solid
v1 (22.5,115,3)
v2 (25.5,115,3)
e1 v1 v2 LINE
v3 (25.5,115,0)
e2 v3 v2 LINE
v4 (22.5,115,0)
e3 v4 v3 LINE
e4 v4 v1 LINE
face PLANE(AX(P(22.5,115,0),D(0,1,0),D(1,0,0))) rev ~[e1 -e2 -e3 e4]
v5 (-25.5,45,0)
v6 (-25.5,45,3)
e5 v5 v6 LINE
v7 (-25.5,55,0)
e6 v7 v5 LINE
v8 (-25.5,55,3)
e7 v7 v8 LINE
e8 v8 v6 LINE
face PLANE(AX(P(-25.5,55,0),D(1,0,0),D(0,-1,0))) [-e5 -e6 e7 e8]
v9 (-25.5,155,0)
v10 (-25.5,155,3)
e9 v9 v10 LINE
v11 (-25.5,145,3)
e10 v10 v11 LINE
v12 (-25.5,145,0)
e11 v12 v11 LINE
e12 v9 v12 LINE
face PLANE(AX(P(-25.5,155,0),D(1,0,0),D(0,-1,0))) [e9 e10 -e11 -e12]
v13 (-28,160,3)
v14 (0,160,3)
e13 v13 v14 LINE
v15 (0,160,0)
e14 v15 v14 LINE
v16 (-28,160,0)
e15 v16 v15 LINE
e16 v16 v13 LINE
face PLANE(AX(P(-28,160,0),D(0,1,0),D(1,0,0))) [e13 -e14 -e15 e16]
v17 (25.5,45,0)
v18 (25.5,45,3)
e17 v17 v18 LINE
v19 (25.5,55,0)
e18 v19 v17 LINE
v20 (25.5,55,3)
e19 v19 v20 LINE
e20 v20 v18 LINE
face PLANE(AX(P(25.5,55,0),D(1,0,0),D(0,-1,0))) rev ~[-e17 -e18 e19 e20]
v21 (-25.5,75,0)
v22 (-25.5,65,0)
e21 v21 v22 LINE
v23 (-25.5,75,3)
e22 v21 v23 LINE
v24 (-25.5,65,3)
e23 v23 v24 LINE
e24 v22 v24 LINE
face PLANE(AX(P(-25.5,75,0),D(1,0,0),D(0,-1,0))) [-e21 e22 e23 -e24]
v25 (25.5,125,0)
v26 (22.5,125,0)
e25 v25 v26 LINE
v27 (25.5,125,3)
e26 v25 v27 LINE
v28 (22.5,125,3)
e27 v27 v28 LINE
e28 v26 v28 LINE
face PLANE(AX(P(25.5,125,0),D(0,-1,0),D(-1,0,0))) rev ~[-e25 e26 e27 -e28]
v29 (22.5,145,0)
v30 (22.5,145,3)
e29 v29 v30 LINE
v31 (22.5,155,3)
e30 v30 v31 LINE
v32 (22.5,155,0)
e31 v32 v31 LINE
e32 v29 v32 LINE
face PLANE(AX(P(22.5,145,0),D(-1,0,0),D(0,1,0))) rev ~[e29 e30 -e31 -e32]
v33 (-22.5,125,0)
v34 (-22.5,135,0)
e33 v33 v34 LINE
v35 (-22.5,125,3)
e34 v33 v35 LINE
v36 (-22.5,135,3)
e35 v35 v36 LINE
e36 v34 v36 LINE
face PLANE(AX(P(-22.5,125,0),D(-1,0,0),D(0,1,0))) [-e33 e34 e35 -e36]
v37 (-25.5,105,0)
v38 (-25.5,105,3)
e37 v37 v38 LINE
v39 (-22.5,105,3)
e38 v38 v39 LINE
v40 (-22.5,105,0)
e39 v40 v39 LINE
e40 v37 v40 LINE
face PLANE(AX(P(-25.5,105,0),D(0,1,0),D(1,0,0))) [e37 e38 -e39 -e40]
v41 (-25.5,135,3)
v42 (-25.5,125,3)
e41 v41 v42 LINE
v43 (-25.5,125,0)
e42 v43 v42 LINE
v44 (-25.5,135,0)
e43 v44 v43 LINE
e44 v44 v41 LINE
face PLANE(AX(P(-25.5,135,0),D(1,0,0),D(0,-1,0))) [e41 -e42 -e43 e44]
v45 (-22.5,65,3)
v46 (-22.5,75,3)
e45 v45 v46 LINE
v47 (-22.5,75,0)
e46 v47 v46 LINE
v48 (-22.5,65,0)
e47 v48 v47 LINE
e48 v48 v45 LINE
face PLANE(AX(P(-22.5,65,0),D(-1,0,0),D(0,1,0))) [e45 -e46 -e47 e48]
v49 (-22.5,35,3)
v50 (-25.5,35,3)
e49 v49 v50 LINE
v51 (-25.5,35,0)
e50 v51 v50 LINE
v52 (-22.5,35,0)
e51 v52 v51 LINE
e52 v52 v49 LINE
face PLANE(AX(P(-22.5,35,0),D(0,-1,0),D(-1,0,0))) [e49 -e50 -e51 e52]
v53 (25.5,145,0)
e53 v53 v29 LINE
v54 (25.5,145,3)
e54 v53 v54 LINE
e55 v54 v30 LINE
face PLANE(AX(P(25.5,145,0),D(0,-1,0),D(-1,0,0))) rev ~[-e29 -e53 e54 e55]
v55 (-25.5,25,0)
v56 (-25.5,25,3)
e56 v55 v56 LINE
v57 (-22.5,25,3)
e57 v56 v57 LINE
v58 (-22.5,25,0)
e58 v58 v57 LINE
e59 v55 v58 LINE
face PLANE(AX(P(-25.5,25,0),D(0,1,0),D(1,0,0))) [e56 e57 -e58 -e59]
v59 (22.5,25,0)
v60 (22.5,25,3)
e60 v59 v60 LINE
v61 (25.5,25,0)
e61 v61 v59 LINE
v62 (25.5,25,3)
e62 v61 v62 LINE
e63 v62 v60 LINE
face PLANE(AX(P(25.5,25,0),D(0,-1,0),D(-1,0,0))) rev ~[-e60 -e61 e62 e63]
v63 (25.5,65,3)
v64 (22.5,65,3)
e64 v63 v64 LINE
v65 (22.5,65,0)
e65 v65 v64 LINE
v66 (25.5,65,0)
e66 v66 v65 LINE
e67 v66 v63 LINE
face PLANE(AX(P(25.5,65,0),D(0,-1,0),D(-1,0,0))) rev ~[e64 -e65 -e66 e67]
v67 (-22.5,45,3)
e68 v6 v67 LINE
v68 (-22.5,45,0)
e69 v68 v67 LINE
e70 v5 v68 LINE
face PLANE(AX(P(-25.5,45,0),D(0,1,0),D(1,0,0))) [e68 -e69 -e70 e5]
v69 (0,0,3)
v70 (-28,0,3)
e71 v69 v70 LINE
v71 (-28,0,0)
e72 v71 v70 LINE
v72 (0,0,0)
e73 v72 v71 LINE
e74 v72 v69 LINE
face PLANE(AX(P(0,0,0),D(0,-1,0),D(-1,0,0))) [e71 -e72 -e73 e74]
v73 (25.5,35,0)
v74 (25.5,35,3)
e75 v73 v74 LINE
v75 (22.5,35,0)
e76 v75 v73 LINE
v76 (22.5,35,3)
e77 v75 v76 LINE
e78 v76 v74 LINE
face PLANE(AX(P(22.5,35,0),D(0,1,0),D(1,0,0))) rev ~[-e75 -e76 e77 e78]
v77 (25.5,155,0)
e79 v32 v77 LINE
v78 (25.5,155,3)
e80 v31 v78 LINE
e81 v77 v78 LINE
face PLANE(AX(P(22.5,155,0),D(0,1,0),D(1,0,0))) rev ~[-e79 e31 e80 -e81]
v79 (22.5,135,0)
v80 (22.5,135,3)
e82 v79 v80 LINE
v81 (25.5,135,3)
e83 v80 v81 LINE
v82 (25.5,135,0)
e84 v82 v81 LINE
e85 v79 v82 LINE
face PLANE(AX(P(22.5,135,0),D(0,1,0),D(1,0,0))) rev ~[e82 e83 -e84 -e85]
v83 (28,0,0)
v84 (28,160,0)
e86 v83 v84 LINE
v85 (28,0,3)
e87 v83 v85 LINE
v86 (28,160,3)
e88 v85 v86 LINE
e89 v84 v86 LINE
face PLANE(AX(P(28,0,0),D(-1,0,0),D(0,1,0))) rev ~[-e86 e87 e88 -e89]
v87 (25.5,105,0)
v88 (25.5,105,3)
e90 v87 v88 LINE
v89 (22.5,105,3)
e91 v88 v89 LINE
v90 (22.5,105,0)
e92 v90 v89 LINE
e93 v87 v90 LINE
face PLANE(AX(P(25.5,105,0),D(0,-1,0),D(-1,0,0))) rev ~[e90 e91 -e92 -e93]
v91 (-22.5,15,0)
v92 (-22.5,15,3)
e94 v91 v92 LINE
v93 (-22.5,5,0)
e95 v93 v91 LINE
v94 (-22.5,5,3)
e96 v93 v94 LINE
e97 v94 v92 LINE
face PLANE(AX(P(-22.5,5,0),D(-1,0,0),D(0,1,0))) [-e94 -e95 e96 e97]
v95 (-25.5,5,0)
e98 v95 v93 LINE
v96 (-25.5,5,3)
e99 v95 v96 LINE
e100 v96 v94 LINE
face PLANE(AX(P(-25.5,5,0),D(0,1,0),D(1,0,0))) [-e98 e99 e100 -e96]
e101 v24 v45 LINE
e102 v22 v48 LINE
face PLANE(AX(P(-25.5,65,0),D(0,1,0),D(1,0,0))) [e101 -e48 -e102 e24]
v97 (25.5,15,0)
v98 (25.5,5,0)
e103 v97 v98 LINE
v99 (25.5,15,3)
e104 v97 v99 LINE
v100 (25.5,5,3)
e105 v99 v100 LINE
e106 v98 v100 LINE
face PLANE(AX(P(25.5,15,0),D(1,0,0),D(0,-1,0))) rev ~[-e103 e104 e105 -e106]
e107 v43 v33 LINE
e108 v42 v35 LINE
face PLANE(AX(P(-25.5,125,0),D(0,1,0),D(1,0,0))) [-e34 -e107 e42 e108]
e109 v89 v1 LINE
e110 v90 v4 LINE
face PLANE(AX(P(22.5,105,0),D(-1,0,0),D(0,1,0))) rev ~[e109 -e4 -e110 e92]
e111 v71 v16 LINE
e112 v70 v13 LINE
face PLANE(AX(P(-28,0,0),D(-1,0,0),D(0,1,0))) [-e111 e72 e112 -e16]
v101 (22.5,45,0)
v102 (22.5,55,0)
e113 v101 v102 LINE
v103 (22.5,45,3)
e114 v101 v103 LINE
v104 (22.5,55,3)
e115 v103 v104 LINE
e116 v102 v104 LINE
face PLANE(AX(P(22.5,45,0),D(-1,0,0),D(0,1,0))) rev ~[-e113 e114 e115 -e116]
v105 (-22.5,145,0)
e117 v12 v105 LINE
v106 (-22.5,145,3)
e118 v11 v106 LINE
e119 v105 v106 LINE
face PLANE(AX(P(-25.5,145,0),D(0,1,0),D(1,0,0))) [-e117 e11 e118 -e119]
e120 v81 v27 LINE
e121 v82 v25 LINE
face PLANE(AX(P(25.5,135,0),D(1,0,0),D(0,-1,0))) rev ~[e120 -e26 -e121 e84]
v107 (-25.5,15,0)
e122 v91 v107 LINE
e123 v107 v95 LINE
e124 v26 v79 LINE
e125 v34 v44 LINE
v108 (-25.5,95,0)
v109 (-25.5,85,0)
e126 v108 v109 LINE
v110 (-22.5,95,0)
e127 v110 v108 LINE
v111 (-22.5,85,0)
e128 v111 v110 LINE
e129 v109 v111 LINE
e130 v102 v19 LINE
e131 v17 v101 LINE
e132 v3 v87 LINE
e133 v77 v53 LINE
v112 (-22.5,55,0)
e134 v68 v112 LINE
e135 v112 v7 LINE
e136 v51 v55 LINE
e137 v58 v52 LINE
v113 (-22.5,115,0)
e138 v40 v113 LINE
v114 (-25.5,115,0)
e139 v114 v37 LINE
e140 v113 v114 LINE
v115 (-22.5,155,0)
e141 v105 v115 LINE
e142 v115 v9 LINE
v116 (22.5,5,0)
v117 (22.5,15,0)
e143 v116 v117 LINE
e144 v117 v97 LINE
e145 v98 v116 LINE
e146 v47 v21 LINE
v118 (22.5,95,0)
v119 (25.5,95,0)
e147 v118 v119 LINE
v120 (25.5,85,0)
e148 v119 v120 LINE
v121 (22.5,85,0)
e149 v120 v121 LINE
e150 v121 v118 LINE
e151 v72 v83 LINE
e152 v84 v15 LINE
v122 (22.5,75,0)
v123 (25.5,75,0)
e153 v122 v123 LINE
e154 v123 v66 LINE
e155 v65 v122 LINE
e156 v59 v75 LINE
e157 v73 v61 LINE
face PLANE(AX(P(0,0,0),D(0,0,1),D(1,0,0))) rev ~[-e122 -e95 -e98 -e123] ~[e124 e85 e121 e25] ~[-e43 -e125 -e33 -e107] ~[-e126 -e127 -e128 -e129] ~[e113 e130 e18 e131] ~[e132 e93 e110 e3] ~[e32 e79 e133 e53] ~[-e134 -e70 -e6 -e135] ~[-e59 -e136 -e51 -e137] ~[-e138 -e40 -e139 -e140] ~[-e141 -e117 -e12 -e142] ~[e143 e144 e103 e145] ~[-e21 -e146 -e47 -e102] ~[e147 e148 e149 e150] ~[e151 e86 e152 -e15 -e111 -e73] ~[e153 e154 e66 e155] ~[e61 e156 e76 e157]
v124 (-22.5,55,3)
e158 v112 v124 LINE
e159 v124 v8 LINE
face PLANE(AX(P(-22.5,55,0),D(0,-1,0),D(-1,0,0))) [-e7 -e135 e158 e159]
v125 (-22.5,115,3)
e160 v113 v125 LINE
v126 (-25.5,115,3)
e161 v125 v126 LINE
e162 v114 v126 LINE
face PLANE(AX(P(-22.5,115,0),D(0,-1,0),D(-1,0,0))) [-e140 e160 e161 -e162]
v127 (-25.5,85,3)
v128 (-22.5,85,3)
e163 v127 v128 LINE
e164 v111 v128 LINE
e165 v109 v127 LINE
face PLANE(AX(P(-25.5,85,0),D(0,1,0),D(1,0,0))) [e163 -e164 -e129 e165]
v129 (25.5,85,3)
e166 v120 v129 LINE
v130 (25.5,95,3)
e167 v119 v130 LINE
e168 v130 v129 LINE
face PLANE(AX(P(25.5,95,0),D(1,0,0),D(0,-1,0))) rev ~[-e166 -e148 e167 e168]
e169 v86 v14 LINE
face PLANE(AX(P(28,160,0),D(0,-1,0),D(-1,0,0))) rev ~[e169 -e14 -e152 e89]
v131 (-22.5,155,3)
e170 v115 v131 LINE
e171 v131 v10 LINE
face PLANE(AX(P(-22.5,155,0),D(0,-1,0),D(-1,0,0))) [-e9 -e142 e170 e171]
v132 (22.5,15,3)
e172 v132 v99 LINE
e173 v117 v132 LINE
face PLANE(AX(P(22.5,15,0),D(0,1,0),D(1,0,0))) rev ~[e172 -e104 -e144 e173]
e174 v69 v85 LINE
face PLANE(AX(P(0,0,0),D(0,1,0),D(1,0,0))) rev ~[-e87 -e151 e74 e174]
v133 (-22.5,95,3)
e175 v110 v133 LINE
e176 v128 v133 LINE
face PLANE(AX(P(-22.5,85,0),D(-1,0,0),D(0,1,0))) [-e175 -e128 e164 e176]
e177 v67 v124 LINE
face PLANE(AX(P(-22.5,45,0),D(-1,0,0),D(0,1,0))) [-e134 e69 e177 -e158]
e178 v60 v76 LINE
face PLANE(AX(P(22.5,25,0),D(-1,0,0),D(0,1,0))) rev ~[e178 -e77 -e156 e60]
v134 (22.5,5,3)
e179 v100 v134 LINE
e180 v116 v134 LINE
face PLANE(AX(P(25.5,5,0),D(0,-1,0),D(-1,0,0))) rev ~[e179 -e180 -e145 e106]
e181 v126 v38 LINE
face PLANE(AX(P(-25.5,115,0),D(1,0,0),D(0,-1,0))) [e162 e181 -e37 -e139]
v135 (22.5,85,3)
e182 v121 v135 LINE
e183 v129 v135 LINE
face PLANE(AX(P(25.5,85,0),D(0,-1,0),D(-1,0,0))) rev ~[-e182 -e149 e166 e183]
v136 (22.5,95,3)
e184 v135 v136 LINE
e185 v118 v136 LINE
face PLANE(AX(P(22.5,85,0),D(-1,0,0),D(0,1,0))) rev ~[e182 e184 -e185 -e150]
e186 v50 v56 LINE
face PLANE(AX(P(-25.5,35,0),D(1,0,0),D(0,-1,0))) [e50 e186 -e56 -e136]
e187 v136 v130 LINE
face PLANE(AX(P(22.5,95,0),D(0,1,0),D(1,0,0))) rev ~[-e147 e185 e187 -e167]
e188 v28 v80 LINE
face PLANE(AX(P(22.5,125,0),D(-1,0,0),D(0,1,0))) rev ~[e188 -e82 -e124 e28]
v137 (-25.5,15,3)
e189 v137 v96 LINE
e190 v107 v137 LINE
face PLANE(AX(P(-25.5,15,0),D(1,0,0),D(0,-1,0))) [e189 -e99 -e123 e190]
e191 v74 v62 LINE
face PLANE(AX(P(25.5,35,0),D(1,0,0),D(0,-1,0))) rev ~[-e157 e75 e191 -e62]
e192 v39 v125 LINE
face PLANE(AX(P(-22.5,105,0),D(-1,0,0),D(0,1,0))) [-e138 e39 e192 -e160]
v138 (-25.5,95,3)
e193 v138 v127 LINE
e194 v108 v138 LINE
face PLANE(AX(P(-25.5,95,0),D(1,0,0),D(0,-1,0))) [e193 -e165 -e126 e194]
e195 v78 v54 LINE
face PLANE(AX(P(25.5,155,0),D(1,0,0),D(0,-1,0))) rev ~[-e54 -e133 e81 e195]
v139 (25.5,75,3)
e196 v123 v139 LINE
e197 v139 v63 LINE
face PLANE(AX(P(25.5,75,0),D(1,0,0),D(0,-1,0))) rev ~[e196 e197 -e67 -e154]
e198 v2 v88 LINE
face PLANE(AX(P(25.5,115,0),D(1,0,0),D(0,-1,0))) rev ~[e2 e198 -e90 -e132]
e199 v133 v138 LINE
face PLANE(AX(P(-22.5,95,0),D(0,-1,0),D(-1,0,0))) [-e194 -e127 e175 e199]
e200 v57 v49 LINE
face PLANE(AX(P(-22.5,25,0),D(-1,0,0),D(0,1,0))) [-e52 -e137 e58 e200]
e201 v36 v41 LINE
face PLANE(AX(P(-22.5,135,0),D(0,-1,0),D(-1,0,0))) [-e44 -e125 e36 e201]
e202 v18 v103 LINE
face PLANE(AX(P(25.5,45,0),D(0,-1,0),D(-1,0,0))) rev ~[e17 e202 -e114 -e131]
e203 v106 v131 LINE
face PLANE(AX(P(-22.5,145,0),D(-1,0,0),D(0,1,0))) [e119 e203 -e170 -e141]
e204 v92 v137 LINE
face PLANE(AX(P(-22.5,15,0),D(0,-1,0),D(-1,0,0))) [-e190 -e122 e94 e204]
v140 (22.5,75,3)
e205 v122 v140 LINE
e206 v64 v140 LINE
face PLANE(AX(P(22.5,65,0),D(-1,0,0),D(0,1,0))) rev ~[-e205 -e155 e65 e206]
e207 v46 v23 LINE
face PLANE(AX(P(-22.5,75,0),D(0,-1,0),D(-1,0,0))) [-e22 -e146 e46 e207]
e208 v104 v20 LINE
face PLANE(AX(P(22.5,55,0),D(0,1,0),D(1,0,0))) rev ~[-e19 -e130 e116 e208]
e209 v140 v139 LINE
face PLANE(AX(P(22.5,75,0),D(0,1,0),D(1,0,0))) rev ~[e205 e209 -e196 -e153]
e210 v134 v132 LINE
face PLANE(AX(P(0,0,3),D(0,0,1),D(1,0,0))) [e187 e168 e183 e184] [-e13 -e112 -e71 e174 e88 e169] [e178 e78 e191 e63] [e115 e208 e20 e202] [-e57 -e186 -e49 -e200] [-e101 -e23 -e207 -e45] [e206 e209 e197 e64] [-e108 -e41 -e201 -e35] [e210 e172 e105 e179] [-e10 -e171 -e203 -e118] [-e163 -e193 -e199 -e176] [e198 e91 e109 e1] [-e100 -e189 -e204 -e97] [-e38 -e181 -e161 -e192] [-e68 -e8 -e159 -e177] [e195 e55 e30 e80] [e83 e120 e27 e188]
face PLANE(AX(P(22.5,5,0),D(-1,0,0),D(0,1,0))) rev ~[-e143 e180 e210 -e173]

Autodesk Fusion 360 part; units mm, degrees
sketch "Sketch1" plane through (0, 0, 0) normal (0, 0, 1) x (1, 0, 0)
  line L0 (0, 0) -> (28, 0)
  line L1 (28, 0) -> (28, 160)
  line L2 (28, 160) -> (0, 160)
  line L3 (0, 160) -> (0, 0) construction
  line L4 (20, 0) -> (20, 160) construction
  line L5 (22.5, 155) -> (25.5, 155)
  line L6 (25.5, 155) -> (25.5, 145)
  line L7 (25.5, 145) -> (22.5, 145)
  line L8 (22.5, 145) -> (22.5, 155)
  line L9 (25.5, 155) -> (25.5, 160) construction
  line L10 (25.5, 155) -> (28, 155) construction
  line L11 (22.5, 135) -> (25.5, 135)
  line L12 (25.5, 135) -> (25.5, 125)
  line L13 (25.5, 125) -> (22.5, 125)
  line L14 (22.5, 125) -> (22.5, 135)
  line L15 (24, 145) -> (24, 135) construction
  line L16 (22.5, 105) -> (22.5, 115)
  line L17 (25.5, 105) -> (22.5, 105)
  line L18 (25.5, 115) -> (25.5, 105)
  line L19 (22.5, 115) -> (25.5, 115)
  line L20 (24, 115) -> (24, 125) construction
  line L21 (25.5, 95) -> (25.5, 85)
  line L22 (25.5, 85) -> (22.5, 85)
  line L23 (22.5, 85) -> (22.5, 95)
  line L24 (22.5, 95) -> (25.5, 95)
  line L25 (24, 95) -> (24, 105) construction
  line L26 (25.5, 95) -> (28, 95) construction
  line L27 (22.5, 75) -> (25.5, 75)
  line L28 (25.5, 75) -> (25.5, 65)
  line L29 (25.5, 65) -> (22.5, 65)
  line L30 (22.5, 65) -> (22.5, 75)
  line L31 (22.5, 55) -> (25.5, 55)
  line L32 (25.5, 55) -> (25.5, 45)
  line L33 (25.5, 45) -> (22.5, 45)
  line L34 (22.5, 45) -> (22.5, 55)
  line L35 (24, 85) -> (24, 75) construction
  line L36 (25.5, 75) -> (28, 75) construction
  line L37 (25.5, 55) -> (28, 55) construction
  line L38 (24, 55) -> (24, 65) construction
  line L39 (25.5, 135) -> (28, 135) construction
  line L40 (25.5, 115) -> (28, 115) construction
  line L41 (22.5, 35) -> (25.5, 35)
  line L42 (25.5, 35) -> (25.5, 25)
  line L43 (25.5, 25) -> (22.5, 25)
  line L44 (22.5, 25) -> (22.5, 35)
  line L45 (25.5, 35) -> (28, 35) construction
  line L46 (24, 45) -> (24, 35) construction
  line L47 (22.5, 15) -> (25.5, 15)
  line L48 (25.5, 15) -> (25.5, 5)
  line L49 (25.5, 5) -> (22.5, 5)
  line L50 (22.5, 5) -> (22.5, 15)
  line L51 (24, 15) -> (24, 25) construction
  line L52 (25.5, 15) -> (28, 15) construction
  line L53 (-25.5, 75) -> (-28, 75) construction
  line L54 (-25.5, 75) -> (-25.5, 65)
  line L55 (-20, 0) -> (-20, 160) construction
  line L56 (-24, 85) -> (-24, 75) construction
  line L57 (-25.5, 115) -> (-28, 115) construction
  line L58 (-22.5, 45) -> (-22.5, 55)
  line L59 (-25.5, 145) -> (-22.5, 145)
  line L60 (-25.5, 135) -> (-28, 135) construction
  line L61 (-22.5, 115) -> (-25.5, 115)
  line L62 (-25.5, 105) -> (-22.5, 105)
  line L63 (-22.5, 65) -> (-22.5, 75)
  line L64 (0, 160) -> (0, 0) construction
  line L65 (-24, 45) -> (-24, 35) construction
  line L66 (-25.5, 135) -> (-25.5, 125)
  line L67 (-28, 160) -> (0, 160)
  line L68 (-25.5, 155) -> (-28, 155) construction
  line L69 (-25.5, 125) -> (-22.5, 125)
  line L70 (-25.5, 55) -> (-28, 55) construction
  line L71 (-24, 15) -> (-24, 25) construction
  line L72 (-22.5, 135) -> (-25.5, 135)
  line L73 (-25.5, 15) -> (-28, 15) construction
  line L74 (-22.5, 75) -> (-25.5, 75)
  line L75 (-25.5, 115) -> (-25.5, 105)
  line L76 (-25.5, 155) -> (-25.5, 145)
  line L77 (-22.5, 105) -> (-22.5, 115)
  line L78 (-24, 115) -> (-24, 125) construction
  line L79 (-25.5, 95) -> (-25.5, 85)
  line L80 (-25.5, 55) -> (-25.5, 45)
  line L81 (-28, 0) -> (-28, 160)
  line L82 (-22.5, 155) -> (-25.5, 155)
  line L83 (-22.5, 85) -> (-22.5, 95)
  line L84 (-24, 95) -> (-24, 105) construction
  line L85 (-25.5, 15) -> (-25.5, 5)
  line L86 (-25.5, 5) -> (-22.5, 5)
  line L87 (-25.5, 155) -> (-25.5, 160) construction
  line L88 (-25.5, 35) -> (-28, 35) construction
  line L89 (-22.5, 25) -> (-22.5, 35)
  line L90 (-22.5, 35) -> (-25.5, 35)
  line L91 (-25.5, 95) -> (-28, 95) construction
  line L92 (-25.5, 25) -> (-22.5, 25)
  line L93 (-22.5, 95) -> (-25.5, 95)
  line L94 (-25.5, 45) -> (-22.5, 45)
  line L95 (-22.5, 125) -> (-22.5, 135)
  line L96 (-22.5, 145) -> (-22.5, 155)
  line L97 (-24, 145) -> (-24, 135) construction
  line L98 (-22.5, 55) -> (-25.5, 55)
  line L99 (-25.5, 65) -> (-22.5, 65)
  line L100 (-25.5, 85) -> (-22.5, 85)
  line L101 (-24, 55) -> (-24, 65) construction
  line L102 (-25.5, 35) -> (-25.5, 25)
  line L103 (0, 0) -> (-28, 0)
  line L104 (-22.5, 15) -> (-25.5, 15)
  line L105 (-22.5, 5) -> (-22.5, 15)
  point P0 (24, 115)
  point P1 (24, 95)
  point P2 (24, 95)
  point P3 (-24, 115)
  point P4 (-24, 95)
  point P5 (-24, 95)
  dimension "d3" = 160
  dimension "d4" = 28
  dimension "d5" = 5
  dimension "d6" = 2.5
  dimension "d7" = 10
  dimension "d8" = 3
  dimension "d9" = 10
extrude "Extrude1" add sketch "Sketch1" along normal blind 3
sketch "Sketch2" plane through (0, 0, 3) normal (0, 0, 1) x (-1, 0, 0)
  line L0 (-22.5, -105) -> (-22.5, -115)
  line L1 (-22.5, -115) -> (-25.5, -115)
  line L2 (-25.5, -115) -> (-25.5, -105)
  line L3 (-25.5, -105) -> (-22.5, -105)
  line L4 (-22.5, -85) -> (-22.5, -95)
  line L5 (-22.5, -95) -> (-25.5, -95)
  line L6 (-25.5, -95) -> (-25.5, -85)
  line L7 (-25.5, -85) -> (-22.5, -85)
  line L8 (-25.5, -145) -> (-22.5, -145)
  line L9 (-22.5, -145) -> (-22.5, -155)
  line L10 (-22.5, -155) -> (-25.5, -155)
  line L11 (-25.5, -155) -> (-25.5, -145)
  line L12 (-25.5, -65) -> (-22.5, -65)
  line L13 (-22.5, -65) -> (-22.5, -75)
  line L14 (-22.5, -75) -> (-25.5, -75)
  line L15 (-25.5, -75) -> (-25.5, -65)
  line L16 (-25.5, -125) -> (-22.5, -125)
  line L17 (-22.5, -125) -> (-22.5, -135)
  line L18 (-22.5, -135) -> (-25.5, -135)
  line L19 (-25.5, -135) -> (-25.5, -125)
  line L20 (-25.5, -25) -> (-22.5, -25)
  line L21 (-22.5, -25) -> (-22.5, -35)
  line L22 (-22.5, -35) -> (-25.5, -35)
  line L23 (-25.5, -35) -> (-25.5, -25)
  line L24 (-25.5, -5) -> (-22.5, -5)
  line L25 (-22.5, -5) -> (-22.5, -15)
  line L26 (-22.5, -15) -> (-25.5, -15)
  line L27 (-25.5, -15) -> (-25.5, -5)
  line L28 (22.5, -115) -> (22.5, -105)
  line L29 (22.5, -105) -> (25.5, -105)
  line L30 (25.5, -105) -> (25.5, -115)
  line L31 (25.5, -115) -> (22.5, -115)
  line L32 (22.5, -15) -> (22.5, -5)
  line L33 (22.5, -5) -> (25.5, -5)
  line L34 (25.5, -5) -> (25.5, -15)
  line L35 (25.5, -15) -> (22.5, -15)
  line L36 (25.5, -25) -> (25.5, -35)
  line L37 (25.5, -35) -> (22.5, -35)
  line L38 (22.5, -35) -> (22.5, -25)
  line L39 (22.5, -25) -> (25.5, -25)
  line L40 (22.5, -85) -> (25.5, -85)
  line L41 (25.5, -85) -> (25.5, -95)
  line L42 (25.5, -95) -> (22.5, -95)
  line L43 (22.5, -95) -> (22.5, -85)
  line L44 (22.5, -65) -> (25.5, -65)
  line L45 (25.5, -65) -> (25.5, -75)
  line L46 (25.5, -75) -> (22.5, -75)
  line L47 (22.5, -75) -> (22.5, -65)
  line L48 (25.5, -55) -> (22.5, -55)
  line L49 (22.5, -55) -> (22.5, -45)
  line L50 (22.5, -45) -> (25.5, -45)
  line L51 (25.5, -45) -> (25.5, -55)
  line L52 (22.5, -155) -> (22.5, -145)
  line L53 (22.5, -145) -> (25.5, -145)
  line L54 (25.5, -145) -> (25.5, -155)
  line L55 (25.5, -155) -> (22.5, -155)
  line L56 (22.5, -135) -> (22.5, -125)
  line L57 (22.5, -125) -> (25.5, -125)
  line L58 (25.5, -125) -> (25.5, -135)
  line L59 (25.5, -135) -> (22.5, -135)
  line L60 (-25.5, -45) -> (-22.5, -45)
  line L61 (-22.5, -45) -> (-22.5, -55)
  line L62 (-22.5, -55) -> (-25.5, -55)
  line L63 (-25.5, -55) -> (-25.5, -45)
  line L64 (-28, 0) -> (-28, -160)
  line L65 (-28, -160) -> (28, -160)
  line L66 (28, -160) -> (28, 0)
  line L67 (28, 0) -> (-28, 0)
